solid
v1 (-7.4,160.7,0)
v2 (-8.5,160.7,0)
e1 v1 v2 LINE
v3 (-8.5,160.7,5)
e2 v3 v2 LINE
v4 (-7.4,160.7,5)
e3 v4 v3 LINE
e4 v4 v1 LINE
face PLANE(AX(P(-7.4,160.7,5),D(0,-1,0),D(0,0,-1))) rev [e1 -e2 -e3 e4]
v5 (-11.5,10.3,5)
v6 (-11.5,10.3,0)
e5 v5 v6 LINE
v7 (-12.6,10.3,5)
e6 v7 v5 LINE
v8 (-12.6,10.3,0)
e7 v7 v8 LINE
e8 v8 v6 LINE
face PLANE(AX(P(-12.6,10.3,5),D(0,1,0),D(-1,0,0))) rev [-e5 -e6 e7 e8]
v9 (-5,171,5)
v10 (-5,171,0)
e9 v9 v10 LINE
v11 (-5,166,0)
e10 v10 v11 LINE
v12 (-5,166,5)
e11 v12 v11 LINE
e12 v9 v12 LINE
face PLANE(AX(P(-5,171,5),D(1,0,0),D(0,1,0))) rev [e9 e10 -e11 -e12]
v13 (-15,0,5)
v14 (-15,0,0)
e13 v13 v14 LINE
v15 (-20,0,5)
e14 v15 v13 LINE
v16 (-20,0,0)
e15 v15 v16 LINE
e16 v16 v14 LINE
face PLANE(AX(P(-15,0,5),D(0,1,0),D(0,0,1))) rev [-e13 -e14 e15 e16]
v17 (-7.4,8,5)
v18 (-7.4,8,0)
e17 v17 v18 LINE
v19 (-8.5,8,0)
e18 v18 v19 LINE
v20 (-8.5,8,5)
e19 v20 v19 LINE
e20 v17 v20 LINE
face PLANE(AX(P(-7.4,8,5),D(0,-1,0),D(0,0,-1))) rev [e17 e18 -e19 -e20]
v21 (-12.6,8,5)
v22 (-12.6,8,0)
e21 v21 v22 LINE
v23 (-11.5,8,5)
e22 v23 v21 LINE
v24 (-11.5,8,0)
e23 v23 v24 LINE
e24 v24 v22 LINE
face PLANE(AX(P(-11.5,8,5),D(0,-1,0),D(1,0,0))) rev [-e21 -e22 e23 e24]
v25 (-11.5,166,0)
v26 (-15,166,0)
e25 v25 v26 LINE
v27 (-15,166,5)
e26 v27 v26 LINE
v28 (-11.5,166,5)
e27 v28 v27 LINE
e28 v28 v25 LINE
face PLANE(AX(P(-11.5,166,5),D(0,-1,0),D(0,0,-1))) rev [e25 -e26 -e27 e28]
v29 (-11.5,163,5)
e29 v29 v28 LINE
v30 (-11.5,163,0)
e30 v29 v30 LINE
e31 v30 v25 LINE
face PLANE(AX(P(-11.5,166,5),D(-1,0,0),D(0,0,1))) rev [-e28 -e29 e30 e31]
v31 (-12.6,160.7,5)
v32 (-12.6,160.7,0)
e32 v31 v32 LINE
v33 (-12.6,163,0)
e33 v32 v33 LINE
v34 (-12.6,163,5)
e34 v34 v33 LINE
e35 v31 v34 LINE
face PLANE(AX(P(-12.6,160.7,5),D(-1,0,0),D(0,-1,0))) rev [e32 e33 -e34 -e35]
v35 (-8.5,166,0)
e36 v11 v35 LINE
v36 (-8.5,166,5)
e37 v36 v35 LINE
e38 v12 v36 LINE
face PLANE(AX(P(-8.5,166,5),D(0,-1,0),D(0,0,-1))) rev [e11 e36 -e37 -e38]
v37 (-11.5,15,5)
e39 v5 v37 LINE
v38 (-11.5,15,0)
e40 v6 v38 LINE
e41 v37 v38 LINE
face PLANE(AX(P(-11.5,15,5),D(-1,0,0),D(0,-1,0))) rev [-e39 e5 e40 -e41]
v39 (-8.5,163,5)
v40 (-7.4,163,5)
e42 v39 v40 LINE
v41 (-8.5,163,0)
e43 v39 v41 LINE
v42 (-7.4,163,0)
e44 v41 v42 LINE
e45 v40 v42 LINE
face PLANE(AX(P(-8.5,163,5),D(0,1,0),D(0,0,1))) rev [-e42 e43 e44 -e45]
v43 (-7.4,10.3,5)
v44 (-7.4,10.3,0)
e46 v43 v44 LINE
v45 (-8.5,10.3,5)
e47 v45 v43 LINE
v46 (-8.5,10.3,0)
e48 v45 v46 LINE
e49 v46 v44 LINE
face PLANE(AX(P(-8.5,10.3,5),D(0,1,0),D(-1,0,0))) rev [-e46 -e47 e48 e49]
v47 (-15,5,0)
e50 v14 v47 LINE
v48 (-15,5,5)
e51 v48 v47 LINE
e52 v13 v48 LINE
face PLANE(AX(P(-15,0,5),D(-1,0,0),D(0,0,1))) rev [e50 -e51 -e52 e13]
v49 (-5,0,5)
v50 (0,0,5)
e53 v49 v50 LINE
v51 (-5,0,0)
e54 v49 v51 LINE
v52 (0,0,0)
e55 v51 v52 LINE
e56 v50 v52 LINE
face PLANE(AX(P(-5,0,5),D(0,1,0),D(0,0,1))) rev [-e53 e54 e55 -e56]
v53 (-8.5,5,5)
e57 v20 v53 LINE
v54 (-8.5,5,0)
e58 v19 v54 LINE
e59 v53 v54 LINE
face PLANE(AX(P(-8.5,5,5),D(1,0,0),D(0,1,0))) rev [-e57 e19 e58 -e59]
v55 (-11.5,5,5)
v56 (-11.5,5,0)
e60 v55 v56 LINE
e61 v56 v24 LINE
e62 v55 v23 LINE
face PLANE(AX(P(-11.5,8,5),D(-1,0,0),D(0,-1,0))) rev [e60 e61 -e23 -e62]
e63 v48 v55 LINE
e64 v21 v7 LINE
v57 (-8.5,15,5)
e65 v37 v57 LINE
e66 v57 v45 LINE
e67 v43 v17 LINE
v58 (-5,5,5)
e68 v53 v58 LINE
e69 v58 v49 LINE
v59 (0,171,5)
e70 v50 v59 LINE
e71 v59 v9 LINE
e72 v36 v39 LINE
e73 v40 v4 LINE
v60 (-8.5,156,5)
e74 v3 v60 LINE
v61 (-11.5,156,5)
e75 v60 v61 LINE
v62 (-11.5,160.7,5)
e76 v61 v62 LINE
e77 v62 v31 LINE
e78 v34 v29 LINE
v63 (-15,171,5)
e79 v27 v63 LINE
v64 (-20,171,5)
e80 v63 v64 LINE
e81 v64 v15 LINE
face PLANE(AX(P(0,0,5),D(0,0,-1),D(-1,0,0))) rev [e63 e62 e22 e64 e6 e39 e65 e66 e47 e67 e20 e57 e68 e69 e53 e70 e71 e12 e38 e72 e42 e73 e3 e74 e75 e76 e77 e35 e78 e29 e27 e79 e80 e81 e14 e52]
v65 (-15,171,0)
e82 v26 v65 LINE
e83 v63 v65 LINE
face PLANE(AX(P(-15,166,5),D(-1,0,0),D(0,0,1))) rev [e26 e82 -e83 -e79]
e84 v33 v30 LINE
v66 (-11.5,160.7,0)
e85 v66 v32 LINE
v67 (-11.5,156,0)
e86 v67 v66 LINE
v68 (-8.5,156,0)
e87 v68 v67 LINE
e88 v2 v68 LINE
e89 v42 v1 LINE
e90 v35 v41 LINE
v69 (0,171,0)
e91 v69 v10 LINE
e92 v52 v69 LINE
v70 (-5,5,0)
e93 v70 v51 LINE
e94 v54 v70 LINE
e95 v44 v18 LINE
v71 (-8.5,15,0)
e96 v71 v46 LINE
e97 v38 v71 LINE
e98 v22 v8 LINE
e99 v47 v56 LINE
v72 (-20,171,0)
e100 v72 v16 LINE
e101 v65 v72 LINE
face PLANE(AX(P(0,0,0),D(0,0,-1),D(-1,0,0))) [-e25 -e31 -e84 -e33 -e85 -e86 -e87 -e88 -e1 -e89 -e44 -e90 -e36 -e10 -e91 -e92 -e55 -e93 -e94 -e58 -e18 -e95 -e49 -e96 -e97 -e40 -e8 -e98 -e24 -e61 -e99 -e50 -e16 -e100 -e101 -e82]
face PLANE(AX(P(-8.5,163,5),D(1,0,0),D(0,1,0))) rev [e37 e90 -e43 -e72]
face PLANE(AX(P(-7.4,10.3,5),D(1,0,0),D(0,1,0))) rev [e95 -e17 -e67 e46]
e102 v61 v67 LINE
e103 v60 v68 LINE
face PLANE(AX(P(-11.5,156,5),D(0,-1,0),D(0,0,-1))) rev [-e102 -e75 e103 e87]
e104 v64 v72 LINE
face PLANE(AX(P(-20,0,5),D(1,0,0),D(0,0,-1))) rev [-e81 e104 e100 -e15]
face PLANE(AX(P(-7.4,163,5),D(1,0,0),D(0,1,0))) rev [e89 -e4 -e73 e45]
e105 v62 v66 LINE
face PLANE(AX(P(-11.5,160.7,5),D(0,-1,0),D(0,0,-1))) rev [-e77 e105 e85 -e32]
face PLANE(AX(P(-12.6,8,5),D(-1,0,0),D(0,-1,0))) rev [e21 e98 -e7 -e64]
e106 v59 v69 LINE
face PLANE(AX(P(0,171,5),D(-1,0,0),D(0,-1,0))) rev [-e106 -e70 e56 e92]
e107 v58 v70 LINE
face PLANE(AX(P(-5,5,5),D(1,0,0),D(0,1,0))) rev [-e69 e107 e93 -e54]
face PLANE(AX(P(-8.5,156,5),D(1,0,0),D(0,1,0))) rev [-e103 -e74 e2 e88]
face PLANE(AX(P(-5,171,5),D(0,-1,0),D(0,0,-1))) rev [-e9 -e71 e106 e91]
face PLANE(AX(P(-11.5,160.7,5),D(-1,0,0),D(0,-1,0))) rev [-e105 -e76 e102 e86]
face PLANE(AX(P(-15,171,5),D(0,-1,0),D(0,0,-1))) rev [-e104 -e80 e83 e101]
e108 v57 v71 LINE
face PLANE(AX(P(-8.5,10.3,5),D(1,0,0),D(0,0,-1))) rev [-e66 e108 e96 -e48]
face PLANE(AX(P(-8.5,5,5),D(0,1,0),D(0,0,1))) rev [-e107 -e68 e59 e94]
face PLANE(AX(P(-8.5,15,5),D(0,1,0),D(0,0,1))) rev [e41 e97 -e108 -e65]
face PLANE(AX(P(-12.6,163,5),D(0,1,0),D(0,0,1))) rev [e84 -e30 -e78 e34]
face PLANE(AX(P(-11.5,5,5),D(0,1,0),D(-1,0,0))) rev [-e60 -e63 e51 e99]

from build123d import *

# Parameters (mm, degrees)
BOSS_EXTRUDE1_DEPTH = 5


with BuildPart() as part:
    # Sketch1 → Boss-Extrude1 (new body)
    with BuildSketch(Plane.XY):
        Polygon((0, 166), (0, 5), (0, 0), (-5, 0), (-5, 5), (-8.5, 5), (-8.5, 8), (-7.4, 8), (-7.4, 10.3), (-8.5, 10.3), (-8.5, 15), (-11.5, 15), (-11.5, 10.3), (-12.6, 10.3), (-12.6, 8), (-11.5, 8), (-11.5, 5), (-15, 5), (-15, 0), (-20, 0), (-20, 5), (-20, 166), (-20, 171), (-15, 171), (-15, 166), (-11.5, 166), (-11.5, 163), (-12.6, 163), (-12.6, 160.7), (-11.5, 160.7), (-11.5, 156), (-8.5, 156), (-8.5, 160.7), (-7.4, 160.7), (-7.4, 163), (-8.5, 163), (-8.5, 166), (-5, 166), (-5, 171), (0, 171), align=None)
    extrude(amount=BOSS_EXTRUDE1_DEPTH)


solid = part.part
